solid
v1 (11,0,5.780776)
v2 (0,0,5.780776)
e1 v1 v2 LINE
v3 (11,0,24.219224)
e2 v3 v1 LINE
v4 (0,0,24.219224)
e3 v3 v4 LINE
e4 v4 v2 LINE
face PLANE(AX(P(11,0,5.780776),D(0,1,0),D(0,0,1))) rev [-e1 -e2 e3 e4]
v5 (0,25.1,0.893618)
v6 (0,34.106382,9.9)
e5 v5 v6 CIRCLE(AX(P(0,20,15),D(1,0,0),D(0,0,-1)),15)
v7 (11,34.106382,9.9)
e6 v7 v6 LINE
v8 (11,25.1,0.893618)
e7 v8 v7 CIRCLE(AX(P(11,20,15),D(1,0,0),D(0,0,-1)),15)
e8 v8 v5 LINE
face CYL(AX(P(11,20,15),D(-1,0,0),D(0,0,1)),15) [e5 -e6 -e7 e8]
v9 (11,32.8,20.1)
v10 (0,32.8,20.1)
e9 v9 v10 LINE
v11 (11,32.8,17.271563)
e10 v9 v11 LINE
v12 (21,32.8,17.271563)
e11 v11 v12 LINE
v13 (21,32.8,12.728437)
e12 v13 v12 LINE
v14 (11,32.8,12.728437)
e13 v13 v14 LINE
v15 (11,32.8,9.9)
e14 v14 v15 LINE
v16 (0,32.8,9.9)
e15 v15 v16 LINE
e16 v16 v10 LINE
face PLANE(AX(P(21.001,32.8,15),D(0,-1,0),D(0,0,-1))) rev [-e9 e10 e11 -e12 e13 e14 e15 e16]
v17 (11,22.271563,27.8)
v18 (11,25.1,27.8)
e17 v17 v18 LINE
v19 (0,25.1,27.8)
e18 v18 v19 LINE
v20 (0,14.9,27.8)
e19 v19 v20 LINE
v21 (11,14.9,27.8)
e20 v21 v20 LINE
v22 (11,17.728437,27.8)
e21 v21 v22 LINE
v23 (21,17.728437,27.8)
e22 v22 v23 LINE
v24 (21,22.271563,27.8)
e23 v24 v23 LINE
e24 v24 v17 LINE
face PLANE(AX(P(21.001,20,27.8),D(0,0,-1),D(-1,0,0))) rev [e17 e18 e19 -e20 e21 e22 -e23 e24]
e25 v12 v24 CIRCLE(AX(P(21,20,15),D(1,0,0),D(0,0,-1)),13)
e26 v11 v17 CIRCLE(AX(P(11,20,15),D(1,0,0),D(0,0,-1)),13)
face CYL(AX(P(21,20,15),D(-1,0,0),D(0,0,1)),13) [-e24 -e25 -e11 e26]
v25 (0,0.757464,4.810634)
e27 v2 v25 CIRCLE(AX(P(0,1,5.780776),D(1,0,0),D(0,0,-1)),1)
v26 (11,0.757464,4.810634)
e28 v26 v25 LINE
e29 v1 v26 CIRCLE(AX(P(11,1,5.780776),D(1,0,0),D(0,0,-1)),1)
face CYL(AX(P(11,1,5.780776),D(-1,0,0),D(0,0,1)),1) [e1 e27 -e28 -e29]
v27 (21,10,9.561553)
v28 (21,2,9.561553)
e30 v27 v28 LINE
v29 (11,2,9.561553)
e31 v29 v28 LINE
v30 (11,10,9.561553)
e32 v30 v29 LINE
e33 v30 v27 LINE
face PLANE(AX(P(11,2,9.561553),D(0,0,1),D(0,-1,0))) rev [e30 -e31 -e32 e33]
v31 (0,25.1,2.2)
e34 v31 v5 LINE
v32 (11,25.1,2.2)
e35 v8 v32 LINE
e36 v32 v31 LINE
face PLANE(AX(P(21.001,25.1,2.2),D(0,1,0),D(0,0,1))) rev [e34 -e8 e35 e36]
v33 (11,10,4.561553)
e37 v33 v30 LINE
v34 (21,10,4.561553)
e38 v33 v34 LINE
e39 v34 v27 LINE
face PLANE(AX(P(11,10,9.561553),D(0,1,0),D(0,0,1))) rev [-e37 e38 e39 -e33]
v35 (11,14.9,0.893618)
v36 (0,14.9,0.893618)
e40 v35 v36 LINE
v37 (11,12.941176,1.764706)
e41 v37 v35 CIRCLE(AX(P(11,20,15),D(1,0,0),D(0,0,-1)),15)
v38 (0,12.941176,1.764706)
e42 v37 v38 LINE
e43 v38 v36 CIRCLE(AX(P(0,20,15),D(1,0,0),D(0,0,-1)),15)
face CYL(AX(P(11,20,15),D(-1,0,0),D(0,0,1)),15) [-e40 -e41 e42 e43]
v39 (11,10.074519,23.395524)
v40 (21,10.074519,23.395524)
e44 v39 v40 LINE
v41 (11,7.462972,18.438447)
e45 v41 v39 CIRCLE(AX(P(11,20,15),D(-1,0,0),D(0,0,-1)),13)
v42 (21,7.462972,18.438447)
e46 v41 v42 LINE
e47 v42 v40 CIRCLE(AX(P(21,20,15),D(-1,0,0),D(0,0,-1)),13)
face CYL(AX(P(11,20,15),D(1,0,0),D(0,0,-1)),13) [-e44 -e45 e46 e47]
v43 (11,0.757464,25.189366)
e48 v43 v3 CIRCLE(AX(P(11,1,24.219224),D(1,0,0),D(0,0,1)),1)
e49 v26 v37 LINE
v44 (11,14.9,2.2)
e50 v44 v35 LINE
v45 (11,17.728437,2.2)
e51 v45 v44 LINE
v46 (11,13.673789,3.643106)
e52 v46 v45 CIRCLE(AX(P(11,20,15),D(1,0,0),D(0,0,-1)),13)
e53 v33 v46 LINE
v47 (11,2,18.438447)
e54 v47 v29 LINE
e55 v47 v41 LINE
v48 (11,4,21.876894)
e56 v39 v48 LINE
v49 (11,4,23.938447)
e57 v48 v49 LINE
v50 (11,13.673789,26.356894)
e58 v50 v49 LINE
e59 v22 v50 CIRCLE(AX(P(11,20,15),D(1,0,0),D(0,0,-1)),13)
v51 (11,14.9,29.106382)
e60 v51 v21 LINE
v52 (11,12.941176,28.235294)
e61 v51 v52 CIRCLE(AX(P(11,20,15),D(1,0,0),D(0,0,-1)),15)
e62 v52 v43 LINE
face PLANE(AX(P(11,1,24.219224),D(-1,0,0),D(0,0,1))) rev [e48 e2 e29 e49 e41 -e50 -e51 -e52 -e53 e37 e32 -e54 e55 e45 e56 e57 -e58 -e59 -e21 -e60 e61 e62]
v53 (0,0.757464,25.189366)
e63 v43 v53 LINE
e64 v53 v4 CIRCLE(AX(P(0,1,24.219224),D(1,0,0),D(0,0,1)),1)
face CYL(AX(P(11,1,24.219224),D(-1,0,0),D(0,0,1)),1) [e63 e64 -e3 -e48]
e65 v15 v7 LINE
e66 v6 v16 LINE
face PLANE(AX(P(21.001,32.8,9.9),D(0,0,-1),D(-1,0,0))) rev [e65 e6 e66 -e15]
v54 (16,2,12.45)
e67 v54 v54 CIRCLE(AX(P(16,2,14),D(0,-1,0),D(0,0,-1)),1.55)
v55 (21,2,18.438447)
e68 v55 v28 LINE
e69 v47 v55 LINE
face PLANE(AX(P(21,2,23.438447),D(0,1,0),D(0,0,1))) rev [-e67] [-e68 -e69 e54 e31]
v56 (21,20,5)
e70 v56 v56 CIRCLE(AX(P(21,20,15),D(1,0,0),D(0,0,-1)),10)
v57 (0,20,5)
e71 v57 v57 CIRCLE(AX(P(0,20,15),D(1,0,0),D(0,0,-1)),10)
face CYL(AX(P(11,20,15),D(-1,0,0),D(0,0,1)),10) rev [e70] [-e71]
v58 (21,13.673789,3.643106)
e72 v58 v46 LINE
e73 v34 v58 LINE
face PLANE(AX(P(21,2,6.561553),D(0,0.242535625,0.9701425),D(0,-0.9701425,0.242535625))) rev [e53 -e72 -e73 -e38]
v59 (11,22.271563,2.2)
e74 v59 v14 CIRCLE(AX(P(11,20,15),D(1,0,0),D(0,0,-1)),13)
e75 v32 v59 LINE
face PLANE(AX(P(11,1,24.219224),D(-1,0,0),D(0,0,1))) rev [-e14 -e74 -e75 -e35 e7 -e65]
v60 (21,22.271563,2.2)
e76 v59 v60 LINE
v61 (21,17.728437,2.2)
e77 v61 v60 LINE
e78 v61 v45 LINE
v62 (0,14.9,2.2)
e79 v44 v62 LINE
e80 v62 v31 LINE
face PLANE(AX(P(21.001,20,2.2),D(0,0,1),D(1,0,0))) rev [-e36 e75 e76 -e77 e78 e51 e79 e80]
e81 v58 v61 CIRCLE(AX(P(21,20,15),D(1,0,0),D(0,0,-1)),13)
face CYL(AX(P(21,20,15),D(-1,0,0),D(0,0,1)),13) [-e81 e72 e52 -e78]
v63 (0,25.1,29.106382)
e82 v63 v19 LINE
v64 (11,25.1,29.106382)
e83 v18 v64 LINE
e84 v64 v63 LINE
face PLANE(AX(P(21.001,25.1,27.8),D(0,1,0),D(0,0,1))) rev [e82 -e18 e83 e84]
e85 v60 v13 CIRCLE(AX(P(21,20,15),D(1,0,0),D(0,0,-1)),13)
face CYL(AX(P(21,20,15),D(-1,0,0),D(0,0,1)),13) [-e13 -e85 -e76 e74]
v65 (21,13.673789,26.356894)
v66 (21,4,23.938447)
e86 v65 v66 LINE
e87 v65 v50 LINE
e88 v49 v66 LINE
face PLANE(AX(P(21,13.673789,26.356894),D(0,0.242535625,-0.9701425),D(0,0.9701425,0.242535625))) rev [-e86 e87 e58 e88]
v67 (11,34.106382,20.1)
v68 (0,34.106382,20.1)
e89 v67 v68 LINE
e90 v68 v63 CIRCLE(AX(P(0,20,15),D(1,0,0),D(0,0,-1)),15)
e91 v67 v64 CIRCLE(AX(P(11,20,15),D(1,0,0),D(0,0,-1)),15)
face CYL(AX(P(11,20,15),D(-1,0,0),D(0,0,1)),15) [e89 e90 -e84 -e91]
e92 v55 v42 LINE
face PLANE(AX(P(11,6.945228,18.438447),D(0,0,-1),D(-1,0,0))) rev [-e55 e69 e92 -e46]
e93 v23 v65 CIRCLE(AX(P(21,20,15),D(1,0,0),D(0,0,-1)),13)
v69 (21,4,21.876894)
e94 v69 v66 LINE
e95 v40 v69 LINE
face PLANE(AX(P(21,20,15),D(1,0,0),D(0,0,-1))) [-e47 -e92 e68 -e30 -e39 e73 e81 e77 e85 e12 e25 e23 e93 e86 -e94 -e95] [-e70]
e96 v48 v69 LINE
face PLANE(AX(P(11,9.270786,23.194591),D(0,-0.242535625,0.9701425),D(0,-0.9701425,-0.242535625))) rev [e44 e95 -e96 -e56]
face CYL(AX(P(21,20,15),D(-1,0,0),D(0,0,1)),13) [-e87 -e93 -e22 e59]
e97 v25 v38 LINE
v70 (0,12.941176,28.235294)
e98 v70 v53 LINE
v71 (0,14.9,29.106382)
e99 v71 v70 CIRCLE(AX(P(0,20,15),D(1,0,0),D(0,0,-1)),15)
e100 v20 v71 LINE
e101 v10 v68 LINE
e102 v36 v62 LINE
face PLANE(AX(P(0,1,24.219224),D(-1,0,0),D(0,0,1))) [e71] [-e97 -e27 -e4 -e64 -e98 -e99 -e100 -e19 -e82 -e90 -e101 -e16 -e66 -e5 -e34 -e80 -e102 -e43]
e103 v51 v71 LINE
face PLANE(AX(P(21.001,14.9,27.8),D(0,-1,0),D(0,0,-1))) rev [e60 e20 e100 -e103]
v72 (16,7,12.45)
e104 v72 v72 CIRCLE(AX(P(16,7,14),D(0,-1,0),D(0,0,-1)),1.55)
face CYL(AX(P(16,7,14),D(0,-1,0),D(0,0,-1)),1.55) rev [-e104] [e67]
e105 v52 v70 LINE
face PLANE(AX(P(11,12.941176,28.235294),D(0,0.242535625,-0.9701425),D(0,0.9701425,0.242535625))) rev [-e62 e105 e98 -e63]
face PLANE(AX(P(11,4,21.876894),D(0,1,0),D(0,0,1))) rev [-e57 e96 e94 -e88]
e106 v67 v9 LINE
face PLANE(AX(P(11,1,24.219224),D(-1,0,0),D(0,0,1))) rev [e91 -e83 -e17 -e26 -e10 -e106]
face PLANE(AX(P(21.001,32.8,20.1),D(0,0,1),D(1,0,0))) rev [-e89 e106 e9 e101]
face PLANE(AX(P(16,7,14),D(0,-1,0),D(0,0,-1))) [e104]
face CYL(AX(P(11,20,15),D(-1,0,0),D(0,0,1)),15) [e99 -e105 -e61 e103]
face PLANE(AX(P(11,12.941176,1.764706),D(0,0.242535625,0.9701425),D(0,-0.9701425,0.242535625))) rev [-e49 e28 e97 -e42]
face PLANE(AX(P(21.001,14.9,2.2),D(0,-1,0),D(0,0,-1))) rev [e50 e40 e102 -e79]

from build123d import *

# Parameters (mm, degrees)
CROQUIS1_R              = 10
SALIENTE_EXTRUIR1_DEPTH = 11
CROQUIS2_R              = 10
SALIENTE_EXTRUIR2_DEPTH = 10
CORTAR_EXTRUIR3_START   = -10
CORTAR_EXTRUIR3_DEPTH   = 10
CROQUIS8_R              = 1.55
CORTAR_EXTRUIR4_DEPTH   = 5
CORTAR_EXTRUIR5_REACH   = 52.656


with BuildPart() as part:
    # Croquis1 → Saliente-Extruir1 (new body)
    with BuildSketch(Plane(origin=(0, 0, 0), x_dir=(0, 0, -1), z_dir=(1, 0, 0))):
        with BuildLine():
            Line((-5.780776406, 0), (-24.219223594, 0))
            ThreePointArc((-24.219223594, 0), (-24.834635803, 0.211794562), (-25.189366094, 0.757464375))
            Line((-25.189366094, 0.757464375), (-28.235294118, 12.941176471))
            ThreePointArc((-28.235294118, 12.941176471), (-15, 35), (-1.764705882, 12.941176471))
            Line((-1.764705882, 12.941176471), (-4.810633906, 0.757464375))
            ThreePointArc((-4.810633906, 0.757464375), (-5.165364197, 0.211794562), (-5.780776406, 0))
        make_face()
        with Locations((-15, 20)):
            Circle(CROQUIS1_R, mode=Mode.SUBTRACT)
    extrude(amount=SALIENTE_EXTRUIR1_DEPTH)

    # Croquis2 → Saliente-Extruir2 (add)
    with BuildSketch(Plane(origin=(11, 0, 0), x_dir=(0, 0, -1), z_dir=(1, 0, 0))):
        with BuildLine():
            Line((-23.438447187, 2), (-6.561552813, 2))
            Line((-6.561552813, 2), (-3.643105675, 13.673788552))
            ThreePointArc((-3.643105675, 13.673788552), (-15, 33), (-26.356894325, 13.673788552))
            Line((-26.356894325, 13.673788552), (-23.438447187, 2))
        make_face()
        with Locations((-15, 20)):
            Circle(CROQUIS2_R, mode=Mode.SUBTRACT)
    extrude(amount=SALIENTE_EXTRUIR2_DEPTH)

    # Croquis3 → Cortar-Extruir3 (cut)
    with BuildSketch(Plane(origin=(21, 0, 0), x_dir=(0, 0, -1), z_dir=(1, 0, 0)).offset(CORTAR_EXTRUIR3_START)):
        Polygon((-9.561552813, 2), (-9.561552813, 10), (-4.561552813, 10), (-6.561552813, 2), align=None)
        with BuildLine():
            Line((-23.438447187, 2), (-18.438447187, 2))
            Line((-18.438447187, 2), (-18.438447187, 6.945227656))
            Line((-18.438447187, 6.945227656), (-18.438447187, 7.462971606))
            ThreePointArc((-18.438447187, 7.462971606), (-21.059353424, 8.498511571), (-23.395524099, 10.074518898))
            Line((-23.395524099, 10.074518898), (-23.194590952, 9.270786312))
            Line((-23.194590952, 9.270786312), (-21.876894374, 4))
            Line((-21.876894374, 4), (-23.938447187, 4))
            Line((-23.938447187, 4), (-23.438447187, 2))
        make_face()
    extrude(amount=CORTAR_EXTRUIR3_DEPTH, mode=Mode.SUBTRACT)

    # Croquis8 → Cortar-Extruir4 (cut)
    with BuildSketch(Plane.XZ.offset(-2)):
        with Locations(Location((16, 14, 0), (0, 0, 270))):
            Circle(CROQUIS8_R)
    extrude(amount=-CORTAR_EXTRUIR4_DEPTH, mode=Mode.SUBTRACT)

    # Croquis9 → Cortar-Extruir5 (cut, up to next)
    with BuildSketch(Plane.ZY, mode=Mode.PRIVATE) as cortar_extruir5_sk1:
        with BuildLine():
            Line((2.2, 20), (2.2, 25.1))
            Line((2.2, 25.1), (0.893618465, 25.1))
            ThreePointArc((0.893618465, 25.1), (0, 20), (0.893618465, 14.9))
            Line((0.893618465, 14.9), (2.2, 14.9))
            Line((2.2, 14.9), (2.2, 20))
        make_face()
    cortar_extruir5_tool1 = extrude(cortar_extruir5_sk1.sketch, amount=-CORTAR_EXTRUIR5_REACH, mode=Mode.PRIVATE) & part.part
    # Croquis9 → Cortar-Extruir5 (cut, up to next)
    with BuildSketch(Plane.ZY, mode=Mode.PRIVATE) as cortar_extruir5_sk2:
        with BuildLine():
            Line((15, 32.8), (20.1, 32.8))
            Line((20.1, 32.8), (20.1, 34.106381535))
            ThreePointArc((20.1, 34.106381535), (15, 35), (9.9, 34.106381535))
            Line((9.9, 34.106381535), (9.9, 32.8))
            Line((9.9, 32.8), (15, 32.8))
        make_face()
    cortar_extruir5_tool2 = extrude(cortar_extruir5_sk2.sketch, amount=-CORTAR_EXTRUIR5_REACH, mode=Mode.PRIVATE) & part.part
    # Croquis9 → Cortar-Extruir5 (cut, up to next)
    with BuildSketch(Plane.ZY, mode=Mode.PRIVATE) as cortar_extruir5_sk3:
        with BuildLine():
            Line((27.8, 14.9), (29.106381535, 14.9))
            ThreePointArc((29.106381535, 14.9), (30, 20), (29.106381535, 25.1))
            Line((29.106381535, 25.1), (27.8, 25.1))
            Line((27.8, 25.1), (27.8, 20))
            Line((27.8, 20), (27.8, 14.9))
        make_face()
    cortar_extruir5_tool3 = extrude(cortar_extruir5_sk3.sketch, amount=-CORTAR_EXTRUIR5_REACH, mode=Mode.PRIVATE) & part.part
    add(cortar_extruir5_tool1.solids().sort_by_distance((0, 20, 1.228659))[0], mode=Mode.SUBTRACT)
    add(cortar_extruir5_tool2.solids().sort_by_distance((0, 33.771341, 15))[0], mode=Mode.SUBTRACT)
    add(cortar_extruir5_tool3.solids().sort_by_distance((0, 20, 28.771341))[0], mode=Mode.SUBTRACT)


solid = part.part
